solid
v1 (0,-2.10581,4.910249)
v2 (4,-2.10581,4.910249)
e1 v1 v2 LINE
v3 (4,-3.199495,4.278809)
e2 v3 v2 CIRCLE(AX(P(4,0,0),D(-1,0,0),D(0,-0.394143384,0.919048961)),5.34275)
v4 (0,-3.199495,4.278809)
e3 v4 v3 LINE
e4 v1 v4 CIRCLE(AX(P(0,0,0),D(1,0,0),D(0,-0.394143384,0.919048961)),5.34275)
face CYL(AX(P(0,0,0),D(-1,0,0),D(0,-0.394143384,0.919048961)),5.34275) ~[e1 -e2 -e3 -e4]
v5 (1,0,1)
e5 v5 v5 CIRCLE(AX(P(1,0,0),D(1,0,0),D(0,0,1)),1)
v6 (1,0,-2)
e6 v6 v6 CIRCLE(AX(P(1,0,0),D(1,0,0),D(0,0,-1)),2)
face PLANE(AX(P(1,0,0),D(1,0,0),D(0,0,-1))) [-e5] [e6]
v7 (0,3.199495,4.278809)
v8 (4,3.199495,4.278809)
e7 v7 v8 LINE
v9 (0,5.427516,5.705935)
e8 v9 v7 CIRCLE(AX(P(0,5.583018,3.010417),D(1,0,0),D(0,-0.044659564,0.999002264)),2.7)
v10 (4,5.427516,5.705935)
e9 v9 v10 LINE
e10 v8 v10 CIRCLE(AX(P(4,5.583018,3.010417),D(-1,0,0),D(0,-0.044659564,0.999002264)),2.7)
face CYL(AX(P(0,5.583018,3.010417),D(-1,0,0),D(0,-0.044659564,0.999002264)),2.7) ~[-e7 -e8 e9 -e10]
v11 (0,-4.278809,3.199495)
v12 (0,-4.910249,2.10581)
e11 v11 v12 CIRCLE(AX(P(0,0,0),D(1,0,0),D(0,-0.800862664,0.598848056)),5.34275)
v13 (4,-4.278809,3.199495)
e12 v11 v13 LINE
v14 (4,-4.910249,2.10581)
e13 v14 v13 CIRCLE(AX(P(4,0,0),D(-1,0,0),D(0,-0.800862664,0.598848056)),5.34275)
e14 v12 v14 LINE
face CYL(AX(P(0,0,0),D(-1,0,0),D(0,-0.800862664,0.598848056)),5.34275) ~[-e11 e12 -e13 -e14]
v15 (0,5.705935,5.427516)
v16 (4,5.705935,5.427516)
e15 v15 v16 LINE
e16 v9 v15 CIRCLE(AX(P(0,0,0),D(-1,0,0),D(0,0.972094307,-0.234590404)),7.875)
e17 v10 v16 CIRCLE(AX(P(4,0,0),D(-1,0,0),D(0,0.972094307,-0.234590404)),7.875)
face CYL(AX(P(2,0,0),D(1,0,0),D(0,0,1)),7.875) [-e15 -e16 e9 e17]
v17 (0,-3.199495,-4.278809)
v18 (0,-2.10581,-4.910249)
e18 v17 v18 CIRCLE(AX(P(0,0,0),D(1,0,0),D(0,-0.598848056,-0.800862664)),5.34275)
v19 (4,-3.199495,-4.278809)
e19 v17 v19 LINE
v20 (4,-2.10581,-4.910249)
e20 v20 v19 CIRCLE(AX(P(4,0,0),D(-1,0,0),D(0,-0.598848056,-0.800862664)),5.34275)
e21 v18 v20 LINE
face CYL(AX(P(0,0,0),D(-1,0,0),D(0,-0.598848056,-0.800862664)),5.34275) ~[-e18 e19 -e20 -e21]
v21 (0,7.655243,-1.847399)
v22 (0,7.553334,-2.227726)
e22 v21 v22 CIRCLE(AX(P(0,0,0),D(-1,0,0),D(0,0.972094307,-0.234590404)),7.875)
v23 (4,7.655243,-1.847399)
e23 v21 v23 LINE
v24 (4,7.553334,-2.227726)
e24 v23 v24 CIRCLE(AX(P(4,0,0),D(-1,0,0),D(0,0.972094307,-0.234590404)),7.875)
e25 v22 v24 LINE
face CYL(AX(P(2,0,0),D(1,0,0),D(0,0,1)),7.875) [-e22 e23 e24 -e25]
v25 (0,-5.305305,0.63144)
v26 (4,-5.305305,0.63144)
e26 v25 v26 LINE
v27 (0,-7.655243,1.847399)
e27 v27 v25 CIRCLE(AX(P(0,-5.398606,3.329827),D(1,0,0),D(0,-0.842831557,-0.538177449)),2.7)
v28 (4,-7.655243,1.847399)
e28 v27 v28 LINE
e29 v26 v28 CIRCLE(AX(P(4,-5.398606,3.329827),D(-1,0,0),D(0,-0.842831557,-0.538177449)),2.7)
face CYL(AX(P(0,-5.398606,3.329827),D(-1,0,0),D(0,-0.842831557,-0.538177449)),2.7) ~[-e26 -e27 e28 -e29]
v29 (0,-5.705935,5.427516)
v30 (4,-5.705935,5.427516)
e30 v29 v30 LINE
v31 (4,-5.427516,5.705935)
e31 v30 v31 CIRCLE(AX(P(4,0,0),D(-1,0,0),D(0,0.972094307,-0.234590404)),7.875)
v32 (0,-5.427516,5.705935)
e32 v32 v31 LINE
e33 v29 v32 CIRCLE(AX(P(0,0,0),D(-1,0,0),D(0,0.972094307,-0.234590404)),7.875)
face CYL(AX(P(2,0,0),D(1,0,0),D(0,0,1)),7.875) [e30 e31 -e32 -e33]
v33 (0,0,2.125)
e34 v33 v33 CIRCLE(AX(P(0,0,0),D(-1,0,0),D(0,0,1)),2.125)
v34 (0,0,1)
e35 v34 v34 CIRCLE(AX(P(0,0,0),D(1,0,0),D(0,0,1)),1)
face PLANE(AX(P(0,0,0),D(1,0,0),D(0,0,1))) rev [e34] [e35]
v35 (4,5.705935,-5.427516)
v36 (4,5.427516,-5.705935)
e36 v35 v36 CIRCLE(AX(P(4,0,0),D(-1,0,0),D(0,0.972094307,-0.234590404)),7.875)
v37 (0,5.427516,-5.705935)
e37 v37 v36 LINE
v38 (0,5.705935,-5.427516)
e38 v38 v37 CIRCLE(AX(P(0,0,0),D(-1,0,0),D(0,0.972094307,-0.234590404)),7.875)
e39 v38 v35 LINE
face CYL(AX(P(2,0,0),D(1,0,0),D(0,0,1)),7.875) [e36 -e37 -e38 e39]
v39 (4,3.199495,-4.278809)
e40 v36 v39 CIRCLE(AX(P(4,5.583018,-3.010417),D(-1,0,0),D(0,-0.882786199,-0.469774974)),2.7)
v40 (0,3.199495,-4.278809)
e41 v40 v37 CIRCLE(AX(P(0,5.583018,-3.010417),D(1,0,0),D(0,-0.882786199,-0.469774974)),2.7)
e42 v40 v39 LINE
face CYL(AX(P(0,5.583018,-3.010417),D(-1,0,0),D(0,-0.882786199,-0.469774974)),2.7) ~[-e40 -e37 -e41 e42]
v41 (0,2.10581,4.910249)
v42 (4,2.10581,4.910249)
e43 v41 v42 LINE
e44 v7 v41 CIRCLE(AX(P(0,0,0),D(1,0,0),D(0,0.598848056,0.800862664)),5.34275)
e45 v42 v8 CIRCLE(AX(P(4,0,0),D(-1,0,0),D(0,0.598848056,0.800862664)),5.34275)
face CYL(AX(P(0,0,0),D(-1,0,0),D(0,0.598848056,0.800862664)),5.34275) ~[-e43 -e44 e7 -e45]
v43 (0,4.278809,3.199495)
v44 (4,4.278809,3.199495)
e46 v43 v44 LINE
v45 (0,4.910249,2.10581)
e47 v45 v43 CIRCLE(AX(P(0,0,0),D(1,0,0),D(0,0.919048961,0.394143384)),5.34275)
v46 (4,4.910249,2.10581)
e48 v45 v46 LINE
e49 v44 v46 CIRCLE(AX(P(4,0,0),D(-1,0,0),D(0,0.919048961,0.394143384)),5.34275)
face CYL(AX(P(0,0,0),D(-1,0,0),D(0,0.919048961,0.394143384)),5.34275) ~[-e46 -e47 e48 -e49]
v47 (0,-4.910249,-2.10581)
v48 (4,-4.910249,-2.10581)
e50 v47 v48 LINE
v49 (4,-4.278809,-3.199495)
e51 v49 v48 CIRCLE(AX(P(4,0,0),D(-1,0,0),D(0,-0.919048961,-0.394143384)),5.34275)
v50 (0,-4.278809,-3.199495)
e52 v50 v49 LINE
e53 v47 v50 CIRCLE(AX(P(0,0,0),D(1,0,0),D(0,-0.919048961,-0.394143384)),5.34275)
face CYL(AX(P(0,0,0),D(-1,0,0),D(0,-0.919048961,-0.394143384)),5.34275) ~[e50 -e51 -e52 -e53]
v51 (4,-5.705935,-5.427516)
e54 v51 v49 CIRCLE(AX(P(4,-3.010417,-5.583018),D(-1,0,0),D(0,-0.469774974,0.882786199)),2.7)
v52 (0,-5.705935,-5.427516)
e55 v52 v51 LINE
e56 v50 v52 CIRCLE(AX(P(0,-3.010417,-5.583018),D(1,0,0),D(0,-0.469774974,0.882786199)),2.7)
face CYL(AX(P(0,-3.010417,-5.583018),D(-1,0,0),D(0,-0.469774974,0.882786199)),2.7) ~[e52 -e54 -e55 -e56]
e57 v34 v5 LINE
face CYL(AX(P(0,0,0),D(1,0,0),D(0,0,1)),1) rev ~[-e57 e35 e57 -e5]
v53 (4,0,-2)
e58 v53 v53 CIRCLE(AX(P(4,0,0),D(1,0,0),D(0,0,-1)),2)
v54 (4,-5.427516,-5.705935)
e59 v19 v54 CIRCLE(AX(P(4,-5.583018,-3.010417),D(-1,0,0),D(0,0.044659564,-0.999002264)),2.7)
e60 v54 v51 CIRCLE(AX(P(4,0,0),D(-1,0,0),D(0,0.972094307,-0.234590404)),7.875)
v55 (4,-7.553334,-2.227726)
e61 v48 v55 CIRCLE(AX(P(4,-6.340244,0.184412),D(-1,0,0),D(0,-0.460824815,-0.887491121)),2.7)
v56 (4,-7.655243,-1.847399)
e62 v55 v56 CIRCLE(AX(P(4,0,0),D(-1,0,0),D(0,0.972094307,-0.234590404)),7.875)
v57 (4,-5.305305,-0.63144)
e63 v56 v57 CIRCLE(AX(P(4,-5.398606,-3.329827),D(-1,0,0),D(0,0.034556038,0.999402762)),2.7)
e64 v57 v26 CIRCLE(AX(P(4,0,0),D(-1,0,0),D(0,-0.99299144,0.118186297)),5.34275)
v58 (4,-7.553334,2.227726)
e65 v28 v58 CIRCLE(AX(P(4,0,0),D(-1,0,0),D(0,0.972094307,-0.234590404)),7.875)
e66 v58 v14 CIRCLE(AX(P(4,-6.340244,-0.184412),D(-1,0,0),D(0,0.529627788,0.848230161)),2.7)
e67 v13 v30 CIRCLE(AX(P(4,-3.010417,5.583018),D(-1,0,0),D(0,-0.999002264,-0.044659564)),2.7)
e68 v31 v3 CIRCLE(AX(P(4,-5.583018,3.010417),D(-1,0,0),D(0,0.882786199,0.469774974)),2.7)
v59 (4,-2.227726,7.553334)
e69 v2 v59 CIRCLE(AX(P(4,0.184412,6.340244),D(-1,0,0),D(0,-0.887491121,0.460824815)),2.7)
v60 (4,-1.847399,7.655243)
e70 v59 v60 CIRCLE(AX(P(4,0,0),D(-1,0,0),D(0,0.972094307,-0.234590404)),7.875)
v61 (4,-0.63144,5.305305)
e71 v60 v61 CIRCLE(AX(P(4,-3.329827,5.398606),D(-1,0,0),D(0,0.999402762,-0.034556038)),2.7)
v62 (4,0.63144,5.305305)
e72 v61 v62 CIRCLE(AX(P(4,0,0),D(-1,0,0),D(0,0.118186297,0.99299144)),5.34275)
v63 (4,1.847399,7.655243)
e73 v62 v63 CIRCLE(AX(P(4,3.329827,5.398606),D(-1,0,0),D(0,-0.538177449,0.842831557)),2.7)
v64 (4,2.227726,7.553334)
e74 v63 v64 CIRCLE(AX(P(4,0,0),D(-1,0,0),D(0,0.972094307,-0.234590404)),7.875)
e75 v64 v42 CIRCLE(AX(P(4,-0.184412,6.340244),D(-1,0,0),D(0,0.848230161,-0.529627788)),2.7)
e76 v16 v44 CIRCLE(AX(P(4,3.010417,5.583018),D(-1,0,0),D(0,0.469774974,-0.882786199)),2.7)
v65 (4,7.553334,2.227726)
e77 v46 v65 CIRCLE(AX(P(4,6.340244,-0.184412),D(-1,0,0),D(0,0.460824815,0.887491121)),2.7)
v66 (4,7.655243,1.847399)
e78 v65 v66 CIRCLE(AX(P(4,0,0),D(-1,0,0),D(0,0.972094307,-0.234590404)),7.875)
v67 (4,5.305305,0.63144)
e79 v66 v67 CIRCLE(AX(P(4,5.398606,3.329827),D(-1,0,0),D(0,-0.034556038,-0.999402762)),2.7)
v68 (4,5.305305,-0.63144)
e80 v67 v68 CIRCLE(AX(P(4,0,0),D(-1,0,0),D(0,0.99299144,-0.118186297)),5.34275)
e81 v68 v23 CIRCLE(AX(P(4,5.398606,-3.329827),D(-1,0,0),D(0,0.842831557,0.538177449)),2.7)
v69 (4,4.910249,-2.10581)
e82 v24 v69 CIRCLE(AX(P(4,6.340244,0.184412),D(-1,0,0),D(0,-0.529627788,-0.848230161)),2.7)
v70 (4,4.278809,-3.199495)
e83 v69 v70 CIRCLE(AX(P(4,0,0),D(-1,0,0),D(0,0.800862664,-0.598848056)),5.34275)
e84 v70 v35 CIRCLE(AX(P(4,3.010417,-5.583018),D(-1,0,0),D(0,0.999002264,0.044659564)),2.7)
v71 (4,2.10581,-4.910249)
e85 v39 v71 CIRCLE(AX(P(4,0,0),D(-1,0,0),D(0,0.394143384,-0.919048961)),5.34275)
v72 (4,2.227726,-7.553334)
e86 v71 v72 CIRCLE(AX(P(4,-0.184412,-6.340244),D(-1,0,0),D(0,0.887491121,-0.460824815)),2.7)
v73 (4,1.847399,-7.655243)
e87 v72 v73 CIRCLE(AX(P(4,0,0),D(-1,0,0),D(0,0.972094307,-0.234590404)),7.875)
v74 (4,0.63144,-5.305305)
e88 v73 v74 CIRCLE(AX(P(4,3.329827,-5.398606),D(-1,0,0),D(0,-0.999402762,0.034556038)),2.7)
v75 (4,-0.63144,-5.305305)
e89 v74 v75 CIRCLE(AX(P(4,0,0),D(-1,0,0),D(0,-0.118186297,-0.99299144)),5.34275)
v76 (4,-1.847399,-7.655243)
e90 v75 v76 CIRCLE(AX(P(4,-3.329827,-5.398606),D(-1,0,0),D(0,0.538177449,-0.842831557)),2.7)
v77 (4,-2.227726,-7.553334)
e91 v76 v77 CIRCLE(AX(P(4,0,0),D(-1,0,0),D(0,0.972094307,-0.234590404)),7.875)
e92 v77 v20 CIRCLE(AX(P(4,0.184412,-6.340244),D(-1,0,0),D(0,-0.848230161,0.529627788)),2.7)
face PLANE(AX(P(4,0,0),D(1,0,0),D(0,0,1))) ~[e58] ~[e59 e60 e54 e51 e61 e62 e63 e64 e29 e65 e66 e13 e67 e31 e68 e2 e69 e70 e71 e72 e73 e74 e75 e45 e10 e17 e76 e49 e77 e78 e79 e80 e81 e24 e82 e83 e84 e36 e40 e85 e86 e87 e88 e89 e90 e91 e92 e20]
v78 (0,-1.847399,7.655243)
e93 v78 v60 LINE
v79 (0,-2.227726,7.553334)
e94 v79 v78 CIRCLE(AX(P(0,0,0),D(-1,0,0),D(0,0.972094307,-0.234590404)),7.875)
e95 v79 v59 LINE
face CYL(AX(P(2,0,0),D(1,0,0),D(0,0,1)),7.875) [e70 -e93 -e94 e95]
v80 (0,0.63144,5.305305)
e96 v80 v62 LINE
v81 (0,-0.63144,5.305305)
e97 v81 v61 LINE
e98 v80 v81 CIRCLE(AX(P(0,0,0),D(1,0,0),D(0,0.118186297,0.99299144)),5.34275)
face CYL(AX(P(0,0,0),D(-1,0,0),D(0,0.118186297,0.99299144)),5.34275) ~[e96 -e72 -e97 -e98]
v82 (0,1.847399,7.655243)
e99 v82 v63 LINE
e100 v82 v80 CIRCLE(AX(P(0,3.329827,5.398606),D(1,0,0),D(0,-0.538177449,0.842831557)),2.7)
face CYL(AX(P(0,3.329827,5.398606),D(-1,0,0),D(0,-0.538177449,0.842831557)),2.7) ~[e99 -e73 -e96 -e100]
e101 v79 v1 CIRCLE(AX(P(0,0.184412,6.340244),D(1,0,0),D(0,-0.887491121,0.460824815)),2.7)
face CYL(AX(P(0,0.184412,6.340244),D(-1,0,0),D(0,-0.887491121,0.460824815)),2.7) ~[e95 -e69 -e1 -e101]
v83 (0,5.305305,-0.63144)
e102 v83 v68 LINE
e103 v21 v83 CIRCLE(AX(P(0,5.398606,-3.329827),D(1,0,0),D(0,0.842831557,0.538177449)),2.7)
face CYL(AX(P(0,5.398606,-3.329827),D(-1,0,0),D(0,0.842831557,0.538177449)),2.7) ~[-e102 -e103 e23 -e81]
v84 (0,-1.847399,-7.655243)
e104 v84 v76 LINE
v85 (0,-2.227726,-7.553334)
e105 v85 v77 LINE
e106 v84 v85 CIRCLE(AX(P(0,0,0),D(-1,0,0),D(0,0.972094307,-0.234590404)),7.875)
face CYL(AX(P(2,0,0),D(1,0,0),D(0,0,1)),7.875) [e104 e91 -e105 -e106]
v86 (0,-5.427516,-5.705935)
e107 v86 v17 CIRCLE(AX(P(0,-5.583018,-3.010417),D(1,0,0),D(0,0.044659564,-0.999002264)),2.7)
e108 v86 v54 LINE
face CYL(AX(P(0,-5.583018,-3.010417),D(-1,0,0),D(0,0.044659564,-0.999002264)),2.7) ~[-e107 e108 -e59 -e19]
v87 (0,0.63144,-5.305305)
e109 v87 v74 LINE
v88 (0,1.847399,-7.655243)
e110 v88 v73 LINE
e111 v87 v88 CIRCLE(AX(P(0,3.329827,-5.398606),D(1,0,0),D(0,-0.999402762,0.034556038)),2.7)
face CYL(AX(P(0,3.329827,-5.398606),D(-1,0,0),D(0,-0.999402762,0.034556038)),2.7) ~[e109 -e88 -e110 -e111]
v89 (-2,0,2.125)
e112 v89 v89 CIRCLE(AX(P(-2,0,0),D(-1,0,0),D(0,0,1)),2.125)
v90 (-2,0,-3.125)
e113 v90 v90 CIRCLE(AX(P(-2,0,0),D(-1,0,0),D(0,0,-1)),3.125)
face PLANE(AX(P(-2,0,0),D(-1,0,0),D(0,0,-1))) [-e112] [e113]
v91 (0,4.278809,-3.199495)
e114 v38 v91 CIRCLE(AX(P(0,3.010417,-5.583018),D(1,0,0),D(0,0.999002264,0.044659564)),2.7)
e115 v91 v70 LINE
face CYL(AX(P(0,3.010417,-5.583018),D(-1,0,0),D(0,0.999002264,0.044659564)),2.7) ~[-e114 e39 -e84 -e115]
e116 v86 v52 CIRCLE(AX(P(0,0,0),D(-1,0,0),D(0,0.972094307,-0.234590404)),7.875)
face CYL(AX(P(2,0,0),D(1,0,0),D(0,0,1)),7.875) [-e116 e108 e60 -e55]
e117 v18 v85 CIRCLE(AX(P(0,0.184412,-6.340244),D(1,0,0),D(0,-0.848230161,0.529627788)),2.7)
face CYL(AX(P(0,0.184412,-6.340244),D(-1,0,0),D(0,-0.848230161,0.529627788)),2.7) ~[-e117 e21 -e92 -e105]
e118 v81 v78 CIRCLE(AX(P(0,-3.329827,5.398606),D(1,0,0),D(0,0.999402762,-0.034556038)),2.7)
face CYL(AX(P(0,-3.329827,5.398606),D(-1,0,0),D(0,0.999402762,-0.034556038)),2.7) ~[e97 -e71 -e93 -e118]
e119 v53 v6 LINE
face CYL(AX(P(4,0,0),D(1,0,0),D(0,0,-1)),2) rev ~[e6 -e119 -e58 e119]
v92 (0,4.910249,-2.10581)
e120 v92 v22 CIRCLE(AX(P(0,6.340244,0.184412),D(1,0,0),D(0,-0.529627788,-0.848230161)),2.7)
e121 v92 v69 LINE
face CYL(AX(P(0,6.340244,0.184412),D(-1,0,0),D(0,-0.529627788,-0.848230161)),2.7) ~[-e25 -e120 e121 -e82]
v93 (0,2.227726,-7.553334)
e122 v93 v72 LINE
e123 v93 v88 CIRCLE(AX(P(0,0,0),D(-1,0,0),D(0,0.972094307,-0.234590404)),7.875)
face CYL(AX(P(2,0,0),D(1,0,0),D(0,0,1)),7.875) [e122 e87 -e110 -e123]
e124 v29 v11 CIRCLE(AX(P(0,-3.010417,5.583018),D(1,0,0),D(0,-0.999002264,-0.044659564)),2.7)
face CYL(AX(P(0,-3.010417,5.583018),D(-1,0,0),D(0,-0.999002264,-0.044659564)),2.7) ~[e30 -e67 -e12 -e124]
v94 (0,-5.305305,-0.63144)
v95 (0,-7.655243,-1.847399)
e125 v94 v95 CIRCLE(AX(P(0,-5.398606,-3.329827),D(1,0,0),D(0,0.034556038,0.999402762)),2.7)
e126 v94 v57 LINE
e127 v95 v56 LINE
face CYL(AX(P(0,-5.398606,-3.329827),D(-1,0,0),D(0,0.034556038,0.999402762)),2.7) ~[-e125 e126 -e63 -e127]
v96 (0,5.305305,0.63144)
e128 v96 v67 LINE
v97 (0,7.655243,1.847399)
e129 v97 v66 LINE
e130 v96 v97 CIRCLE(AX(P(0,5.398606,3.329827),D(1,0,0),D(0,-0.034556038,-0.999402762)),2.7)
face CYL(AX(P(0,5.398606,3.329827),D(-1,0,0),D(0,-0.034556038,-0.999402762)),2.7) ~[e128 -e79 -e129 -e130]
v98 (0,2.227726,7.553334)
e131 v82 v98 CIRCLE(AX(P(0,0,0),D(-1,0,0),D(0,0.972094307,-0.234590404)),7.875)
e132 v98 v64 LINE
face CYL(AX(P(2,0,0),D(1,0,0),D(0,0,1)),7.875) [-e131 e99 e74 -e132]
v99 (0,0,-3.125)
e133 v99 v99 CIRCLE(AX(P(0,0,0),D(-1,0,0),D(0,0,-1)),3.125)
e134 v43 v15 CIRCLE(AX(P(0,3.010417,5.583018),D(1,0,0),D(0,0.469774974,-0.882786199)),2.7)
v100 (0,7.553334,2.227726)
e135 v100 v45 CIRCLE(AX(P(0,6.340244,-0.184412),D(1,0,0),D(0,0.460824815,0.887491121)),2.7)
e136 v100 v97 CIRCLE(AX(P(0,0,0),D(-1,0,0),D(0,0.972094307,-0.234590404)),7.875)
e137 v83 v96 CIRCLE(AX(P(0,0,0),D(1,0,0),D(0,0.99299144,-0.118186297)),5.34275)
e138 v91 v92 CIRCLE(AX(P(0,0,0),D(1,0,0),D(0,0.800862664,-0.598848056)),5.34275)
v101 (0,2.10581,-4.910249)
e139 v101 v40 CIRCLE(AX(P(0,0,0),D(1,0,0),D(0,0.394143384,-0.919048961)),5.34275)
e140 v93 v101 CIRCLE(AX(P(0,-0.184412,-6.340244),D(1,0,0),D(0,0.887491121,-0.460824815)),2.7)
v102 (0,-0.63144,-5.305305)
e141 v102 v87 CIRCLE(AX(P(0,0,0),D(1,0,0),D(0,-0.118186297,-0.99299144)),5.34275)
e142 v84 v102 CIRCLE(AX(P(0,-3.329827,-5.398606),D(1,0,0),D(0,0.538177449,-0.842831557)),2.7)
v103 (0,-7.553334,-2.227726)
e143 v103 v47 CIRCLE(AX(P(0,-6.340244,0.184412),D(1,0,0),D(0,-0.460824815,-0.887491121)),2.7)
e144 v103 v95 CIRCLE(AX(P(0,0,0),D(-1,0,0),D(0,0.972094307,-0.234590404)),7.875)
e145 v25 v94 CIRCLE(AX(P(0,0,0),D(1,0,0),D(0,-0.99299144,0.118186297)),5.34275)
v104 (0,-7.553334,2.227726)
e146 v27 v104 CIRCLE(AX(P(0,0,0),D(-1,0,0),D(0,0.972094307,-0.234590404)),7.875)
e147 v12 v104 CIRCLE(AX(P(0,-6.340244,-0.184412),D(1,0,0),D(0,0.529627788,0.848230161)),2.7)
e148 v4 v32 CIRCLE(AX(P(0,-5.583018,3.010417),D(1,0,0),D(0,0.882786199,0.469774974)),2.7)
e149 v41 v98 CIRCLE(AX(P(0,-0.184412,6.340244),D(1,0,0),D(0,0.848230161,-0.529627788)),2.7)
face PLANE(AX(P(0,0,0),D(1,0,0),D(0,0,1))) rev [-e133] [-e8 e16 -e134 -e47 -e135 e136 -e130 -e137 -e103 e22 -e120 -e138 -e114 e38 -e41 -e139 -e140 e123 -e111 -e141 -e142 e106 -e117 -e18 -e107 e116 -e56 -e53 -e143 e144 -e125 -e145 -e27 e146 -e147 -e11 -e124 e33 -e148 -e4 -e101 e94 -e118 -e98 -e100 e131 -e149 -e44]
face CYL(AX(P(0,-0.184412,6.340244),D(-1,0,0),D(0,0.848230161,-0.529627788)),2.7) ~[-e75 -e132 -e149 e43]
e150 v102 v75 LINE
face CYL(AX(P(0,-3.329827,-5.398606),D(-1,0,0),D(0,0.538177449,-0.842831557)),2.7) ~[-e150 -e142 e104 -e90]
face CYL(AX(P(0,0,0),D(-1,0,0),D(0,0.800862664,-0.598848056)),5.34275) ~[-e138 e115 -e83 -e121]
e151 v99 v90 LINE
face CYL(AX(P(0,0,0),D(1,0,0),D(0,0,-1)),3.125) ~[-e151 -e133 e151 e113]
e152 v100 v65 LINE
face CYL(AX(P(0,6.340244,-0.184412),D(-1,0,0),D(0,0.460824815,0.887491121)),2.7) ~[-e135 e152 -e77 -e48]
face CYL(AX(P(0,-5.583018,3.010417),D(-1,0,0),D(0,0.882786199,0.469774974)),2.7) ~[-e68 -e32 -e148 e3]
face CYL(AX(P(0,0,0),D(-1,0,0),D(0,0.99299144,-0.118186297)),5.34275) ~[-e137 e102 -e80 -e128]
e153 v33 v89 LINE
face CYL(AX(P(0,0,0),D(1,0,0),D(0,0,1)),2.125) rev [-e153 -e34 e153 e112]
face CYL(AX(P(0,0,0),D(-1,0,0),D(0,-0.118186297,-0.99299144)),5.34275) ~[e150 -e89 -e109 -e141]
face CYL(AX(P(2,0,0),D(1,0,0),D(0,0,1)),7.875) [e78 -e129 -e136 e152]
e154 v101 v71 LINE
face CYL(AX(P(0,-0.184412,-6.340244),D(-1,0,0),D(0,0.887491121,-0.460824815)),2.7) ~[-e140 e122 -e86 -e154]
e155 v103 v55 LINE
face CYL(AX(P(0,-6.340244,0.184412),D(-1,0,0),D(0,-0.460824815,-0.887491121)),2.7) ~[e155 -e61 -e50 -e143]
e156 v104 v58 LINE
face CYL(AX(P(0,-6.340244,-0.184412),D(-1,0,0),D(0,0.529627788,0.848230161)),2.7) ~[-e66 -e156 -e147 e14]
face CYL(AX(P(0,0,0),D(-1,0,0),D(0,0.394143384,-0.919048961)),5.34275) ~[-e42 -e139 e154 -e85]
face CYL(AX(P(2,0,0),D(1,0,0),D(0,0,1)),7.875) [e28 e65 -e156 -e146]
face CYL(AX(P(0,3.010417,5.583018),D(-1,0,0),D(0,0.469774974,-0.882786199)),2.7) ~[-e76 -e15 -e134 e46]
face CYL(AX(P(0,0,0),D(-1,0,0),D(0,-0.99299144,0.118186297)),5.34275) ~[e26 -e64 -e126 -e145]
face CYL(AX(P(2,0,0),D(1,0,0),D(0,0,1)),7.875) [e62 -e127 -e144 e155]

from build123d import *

# Parameters (mm, degrees)
BASPROSKE_W         = 4
BASPROSKE_H         = 7.875
TOOTHCUT_DEPTH      = 12.833480046
TEETHCUTS_COUNT     = 12
TEETHCUTS_ANGLE     = 330
BORSKE_R            = 1
BORE_DEPTH          = 50.0000508
SKETCH1_R           = 3.125
SKETCH1_R_2         = 2.125
BOSS_EXTRUDE1_DEPTH = 2
SKETCH2_R           = 2
CUT_EXTRUDE1_DEPTH  = 3


with BuildPart() as part:
    # BasProSke → Base-Revolve (revolve)
    with BuildSketch(Plane(origin=(0, 0, 0), x_dir=(1, 0, 0), z_dir=(0, 1, 0)), mode=Mode.PRIVATE) as base_revolve_sk:
        with Locations((2, 3.9375)):
            Rectangle(BASPROSKE_W, BASPROSKE_H)
    revolve(base_revolve_sk.sketch.rotate(Axis((-10, 0, 0), (1, 0, 0)), 180), axis=Axis((-10, 0, 0), (1, 0, 0)))

    # TooCutSke → ToothCut (cut, through all)
    with BuildSketch(Plane(origin=(0, 0, 0), x_dir=(0, 0, -1), z_dir=(1, 0, 0))):
        with BuildLine():
            ThreePointArc((0.631439839, 5.305305014), (0, 5.34275), (-0.631439839, 5.305305014))
            ThreePointArc((-0.631439839, 5.305305014), (-0.93992237, 6.654932089), (-1.876748184, 7.674251521))
            ThreePointArc((-1.876748184, 7.674251521), (0, 7.9004), (1.876748184, 7.674251521))
            ThreePointArc((1.876748184, 7.674251521), (0.93992237, 6.654932089), (0.631439839, 5.305305014))
        make_face()
    toothcut = extrude(amount=TOOTHCUT_DEPTH, mode=Mode.SUBTRACT)

    # TeethCuts: ToothCut ×12 about axis
    teethcuts_axis = Axis((-10, 0, 0), (1, 0, 0))
    for i in range(1, TEETHCUTS_COUNT):
        add(toothcut.rotate(teethcuts_axis, i * TEETHCUTS_ANGLE / (TEETHCUTS_COUNT - 1)), mode=Mode.SUBTRACT)

    # BorSke → Bore (cut, symmetric)
    with BuildSketch(Plane(origin=(0, 0, 0), x_dir=(0, 0, -1), z_dir=(1, 0, 0))):
        with Locations(Location((0, 0, 0), (0, 0, 180))):
            Circle(BORSKE_R)
    extrude(amount=BORE_DEPTH, both=True, mode=Mode.SUBTRACT)

    # Sketch1 → Boss-Extrude1 (add)
    with BuildSketch(Plane.ZY):
        with Locations(Location((0, 0, 0), (0, 0, 180))):
            Circle(SKETCH1_R)
        Circle(SKETCH1_R_2, mode=Mode.SUBTRACT)
    extrude(amount=BOSS_EXTRUDE1_DEPTH)

    # Sketch2 → Cut-Extrude1 (cut)
    with BuildSketch(Plane(origin=(4, 0, 0), x_dir=(0, 0, -1), z_dir=(1, 0, 0))):
        Circle(SKETCH2_R)
    extrude(amount=-CUT_EXTRUDE1_DEPTH, mode=Mode.SUBTRACT)


solid = part.part
